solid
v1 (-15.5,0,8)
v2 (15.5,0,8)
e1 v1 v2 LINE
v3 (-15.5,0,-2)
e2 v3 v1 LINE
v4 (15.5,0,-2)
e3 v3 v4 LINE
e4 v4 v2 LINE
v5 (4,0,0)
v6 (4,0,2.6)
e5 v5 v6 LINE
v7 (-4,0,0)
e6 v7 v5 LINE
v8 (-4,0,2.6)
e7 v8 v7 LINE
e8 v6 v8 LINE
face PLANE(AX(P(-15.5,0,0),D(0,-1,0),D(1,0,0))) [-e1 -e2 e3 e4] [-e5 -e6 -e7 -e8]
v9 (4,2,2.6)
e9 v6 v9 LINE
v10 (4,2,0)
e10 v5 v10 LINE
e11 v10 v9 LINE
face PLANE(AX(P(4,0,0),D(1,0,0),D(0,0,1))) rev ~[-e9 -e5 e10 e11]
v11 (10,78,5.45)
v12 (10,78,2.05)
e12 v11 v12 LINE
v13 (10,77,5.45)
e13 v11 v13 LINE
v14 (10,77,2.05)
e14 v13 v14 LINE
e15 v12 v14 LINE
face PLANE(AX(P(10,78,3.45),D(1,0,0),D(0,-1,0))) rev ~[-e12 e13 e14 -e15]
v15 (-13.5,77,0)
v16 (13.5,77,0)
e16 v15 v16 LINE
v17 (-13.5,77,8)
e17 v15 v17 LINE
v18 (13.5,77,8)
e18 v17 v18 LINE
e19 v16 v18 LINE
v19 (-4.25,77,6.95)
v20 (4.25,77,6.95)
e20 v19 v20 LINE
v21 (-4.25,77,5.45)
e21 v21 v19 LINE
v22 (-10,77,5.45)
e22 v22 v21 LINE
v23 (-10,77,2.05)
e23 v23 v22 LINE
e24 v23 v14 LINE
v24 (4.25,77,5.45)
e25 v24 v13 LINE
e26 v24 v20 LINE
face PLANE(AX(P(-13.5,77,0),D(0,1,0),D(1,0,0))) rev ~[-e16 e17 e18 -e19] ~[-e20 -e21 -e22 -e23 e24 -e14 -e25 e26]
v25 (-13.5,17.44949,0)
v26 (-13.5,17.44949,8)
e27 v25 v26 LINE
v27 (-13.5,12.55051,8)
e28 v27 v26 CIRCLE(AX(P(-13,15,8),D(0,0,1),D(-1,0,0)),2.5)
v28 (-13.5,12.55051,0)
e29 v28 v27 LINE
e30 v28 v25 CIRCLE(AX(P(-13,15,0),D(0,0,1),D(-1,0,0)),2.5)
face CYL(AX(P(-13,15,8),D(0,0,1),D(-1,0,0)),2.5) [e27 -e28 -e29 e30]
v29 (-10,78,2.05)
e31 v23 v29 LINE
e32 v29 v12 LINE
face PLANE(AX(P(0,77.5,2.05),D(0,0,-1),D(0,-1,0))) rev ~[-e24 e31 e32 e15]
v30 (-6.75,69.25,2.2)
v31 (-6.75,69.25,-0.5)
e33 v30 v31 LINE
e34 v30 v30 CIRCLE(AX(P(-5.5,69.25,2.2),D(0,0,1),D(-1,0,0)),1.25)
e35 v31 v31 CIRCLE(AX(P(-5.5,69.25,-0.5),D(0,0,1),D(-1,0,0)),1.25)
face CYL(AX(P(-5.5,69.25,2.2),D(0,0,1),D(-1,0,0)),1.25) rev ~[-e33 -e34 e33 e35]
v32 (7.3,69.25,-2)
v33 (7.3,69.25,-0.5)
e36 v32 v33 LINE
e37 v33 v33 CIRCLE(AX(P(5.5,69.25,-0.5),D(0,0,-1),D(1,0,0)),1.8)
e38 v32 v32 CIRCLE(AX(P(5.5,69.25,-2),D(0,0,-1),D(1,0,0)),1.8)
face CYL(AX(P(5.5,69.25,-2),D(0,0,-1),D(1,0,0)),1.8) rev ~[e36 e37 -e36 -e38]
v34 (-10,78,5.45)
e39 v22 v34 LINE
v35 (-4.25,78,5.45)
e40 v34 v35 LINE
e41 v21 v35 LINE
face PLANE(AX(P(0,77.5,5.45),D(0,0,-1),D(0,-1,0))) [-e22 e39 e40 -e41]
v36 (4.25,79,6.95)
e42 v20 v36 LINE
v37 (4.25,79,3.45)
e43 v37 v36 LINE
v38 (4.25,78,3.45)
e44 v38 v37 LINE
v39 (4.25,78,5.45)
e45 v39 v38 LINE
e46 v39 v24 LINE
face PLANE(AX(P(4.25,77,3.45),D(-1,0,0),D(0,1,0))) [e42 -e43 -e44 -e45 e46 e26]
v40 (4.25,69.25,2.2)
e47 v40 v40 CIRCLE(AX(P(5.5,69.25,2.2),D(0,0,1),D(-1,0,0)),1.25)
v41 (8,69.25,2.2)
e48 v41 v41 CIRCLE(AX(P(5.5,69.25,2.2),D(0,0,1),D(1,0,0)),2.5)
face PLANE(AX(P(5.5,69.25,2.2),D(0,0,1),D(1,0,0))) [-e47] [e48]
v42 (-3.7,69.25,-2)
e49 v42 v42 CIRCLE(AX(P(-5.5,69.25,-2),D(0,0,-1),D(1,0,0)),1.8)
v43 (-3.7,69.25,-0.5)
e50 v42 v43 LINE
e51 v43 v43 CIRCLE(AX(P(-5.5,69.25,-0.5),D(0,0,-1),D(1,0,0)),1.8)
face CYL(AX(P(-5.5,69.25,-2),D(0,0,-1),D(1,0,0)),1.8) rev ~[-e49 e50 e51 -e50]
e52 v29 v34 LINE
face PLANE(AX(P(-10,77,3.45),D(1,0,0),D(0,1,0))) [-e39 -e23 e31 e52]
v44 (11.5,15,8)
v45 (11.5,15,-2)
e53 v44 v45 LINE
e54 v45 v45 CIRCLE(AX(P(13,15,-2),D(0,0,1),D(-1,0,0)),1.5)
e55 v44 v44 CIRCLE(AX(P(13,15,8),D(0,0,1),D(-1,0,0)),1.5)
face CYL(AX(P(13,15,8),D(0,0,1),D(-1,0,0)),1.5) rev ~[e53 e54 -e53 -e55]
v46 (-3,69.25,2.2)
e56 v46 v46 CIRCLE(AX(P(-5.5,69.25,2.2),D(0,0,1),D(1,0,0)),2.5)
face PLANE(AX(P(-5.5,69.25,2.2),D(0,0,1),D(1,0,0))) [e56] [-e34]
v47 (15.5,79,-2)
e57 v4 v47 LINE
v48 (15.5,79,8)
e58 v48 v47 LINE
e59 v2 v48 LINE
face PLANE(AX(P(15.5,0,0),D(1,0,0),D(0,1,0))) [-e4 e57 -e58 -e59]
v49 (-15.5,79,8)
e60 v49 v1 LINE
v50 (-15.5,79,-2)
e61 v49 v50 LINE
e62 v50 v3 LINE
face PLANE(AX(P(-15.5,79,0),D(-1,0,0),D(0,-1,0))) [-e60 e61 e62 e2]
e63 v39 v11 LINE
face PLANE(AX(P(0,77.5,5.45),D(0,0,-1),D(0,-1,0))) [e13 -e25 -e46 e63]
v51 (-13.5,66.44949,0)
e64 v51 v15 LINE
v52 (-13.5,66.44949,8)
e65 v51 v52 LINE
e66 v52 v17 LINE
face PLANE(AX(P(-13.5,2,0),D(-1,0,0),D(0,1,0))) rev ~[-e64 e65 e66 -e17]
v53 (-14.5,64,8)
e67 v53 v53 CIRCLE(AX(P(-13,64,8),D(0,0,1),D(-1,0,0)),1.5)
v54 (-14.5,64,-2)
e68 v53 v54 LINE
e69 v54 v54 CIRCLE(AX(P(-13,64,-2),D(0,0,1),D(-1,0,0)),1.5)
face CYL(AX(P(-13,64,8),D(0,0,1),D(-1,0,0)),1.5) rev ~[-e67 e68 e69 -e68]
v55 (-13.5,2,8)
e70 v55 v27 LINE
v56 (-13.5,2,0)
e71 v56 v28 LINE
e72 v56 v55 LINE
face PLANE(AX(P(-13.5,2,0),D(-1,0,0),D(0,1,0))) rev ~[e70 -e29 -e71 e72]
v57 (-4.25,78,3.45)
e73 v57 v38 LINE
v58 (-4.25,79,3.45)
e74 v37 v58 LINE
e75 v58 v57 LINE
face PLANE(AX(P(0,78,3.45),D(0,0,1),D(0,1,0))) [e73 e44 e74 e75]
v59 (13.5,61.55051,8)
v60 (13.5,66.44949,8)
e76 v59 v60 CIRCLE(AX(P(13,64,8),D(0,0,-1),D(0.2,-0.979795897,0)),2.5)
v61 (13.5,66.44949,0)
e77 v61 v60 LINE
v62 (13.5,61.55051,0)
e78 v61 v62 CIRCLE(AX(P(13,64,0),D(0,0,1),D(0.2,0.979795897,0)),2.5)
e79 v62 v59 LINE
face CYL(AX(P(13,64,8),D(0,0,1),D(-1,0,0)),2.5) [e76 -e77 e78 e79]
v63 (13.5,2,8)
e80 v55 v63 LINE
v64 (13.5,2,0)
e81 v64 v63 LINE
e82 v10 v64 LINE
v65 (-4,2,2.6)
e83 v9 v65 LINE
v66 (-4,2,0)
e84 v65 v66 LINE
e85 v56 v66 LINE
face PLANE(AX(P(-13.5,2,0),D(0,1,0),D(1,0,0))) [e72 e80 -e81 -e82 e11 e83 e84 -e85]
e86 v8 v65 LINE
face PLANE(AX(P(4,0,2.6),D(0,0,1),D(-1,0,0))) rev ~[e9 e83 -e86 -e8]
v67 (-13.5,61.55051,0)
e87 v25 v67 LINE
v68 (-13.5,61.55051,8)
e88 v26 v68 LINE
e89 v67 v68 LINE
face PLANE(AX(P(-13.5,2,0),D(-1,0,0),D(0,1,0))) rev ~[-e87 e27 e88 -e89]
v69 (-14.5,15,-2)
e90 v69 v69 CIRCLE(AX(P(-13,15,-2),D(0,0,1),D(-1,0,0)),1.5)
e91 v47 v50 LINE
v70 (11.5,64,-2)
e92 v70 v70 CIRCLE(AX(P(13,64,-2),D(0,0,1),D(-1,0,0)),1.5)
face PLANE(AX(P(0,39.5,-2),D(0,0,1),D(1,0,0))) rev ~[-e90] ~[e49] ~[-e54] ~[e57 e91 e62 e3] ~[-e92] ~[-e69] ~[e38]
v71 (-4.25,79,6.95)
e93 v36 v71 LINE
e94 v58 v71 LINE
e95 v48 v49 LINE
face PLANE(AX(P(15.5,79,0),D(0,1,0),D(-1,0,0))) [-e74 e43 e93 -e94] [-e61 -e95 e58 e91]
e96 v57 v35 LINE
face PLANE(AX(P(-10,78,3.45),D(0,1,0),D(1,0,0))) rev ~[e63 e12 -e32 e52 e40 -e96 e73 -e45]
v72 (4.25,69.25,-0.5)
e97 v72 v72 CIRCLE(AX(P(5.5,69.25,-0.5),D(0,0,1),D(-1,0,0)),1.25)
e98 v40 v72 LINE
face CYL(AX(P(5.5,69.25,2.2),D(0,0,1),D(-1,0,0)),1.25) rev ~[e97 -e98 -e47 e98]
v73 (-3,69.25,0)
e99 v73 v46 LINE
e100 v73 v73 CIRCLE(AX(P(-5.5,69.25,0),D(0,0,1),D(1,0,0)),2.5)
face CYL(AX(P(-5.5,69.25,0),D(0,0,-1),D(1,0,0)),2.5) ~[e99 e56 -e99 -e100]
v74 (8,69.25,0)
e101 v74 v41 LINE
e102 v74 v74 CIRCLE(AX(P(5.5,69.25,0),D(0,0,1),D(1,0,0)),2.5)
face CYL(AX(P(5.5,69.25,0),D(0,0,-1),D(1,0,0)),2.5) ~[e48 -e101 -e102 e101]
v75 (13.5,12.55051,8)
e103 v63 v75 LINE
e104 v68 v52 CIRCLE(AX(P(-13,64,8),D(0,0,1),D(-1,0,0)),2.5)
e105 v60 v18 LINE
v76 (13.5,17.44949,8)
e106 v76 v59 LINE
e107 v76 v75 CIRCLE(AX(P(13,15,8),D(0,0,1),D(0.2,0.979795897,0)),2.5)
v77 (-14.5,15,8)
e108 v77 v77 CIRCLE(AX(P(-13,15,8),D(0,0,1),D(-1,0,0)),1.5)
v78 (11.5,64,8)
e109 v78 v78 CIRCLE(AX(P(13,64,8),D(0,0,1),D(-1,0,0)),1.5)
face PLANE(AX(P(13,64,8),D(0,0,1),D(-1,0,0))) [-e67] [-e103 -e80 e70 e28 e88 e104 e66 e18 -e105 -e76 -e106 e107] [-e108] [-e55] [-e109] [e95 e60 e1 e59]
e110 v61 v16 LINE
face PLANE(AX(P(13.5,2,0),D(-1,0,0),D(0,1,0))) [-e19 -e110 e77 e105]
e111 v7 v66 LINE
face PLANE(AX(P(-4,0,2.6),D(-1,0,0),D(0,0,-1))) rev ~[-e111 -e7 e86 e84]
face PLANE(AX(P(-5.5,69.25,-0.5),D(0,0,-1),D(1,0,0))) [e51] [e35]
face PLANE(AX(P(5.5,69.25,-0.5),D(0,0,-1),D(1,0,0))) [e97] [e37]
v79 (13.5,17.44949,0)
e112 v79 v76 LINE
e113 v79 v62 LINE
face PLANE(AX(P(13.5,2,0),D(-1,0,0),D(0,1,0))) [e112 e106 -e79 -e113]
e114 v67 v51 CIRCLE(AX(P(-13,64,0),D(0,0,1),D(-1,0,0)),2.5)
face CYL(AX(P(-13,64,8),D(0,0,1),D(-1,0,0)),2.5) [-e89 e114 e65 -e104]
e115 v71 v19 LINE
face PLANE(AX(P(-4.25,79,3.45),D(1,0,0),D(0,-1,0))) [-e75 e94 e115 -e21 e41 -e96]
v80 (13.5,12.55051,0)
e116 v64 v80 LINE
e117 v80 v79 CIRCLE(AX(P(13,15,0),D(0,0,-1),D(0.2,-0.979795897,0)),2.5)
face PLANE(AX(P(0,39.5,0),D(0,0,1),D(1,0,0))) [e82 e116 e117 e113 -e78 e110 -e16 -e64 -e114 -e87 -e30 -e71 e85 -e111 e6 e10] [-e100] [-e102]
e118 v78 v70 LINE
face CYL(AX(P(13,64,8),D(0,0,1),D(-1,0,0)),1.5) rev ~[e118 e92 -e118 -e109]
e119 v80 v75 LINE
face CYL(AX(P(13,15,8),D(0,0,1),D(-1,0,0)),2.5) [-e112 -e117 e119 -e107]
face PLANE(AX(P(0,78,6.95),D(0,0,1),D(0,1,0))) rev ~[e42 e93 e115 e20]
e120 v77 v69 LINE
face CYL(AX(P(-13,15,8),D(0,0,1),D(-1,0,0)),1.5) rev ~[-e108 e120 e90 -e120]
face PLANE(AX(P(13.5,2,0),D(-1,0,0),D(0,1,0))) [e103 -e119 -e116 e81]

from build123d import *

# Parameters (mm, degrees)
SKETCH_W             = 27
SKETCH_H             = 75
PAD_DEPTH            = 8
PAD001_DEPTH         = 2
SKETCH004_R          = 2.5
PAD002_DEPTH         = 2.2
SKETCH005_R          = 1.25
POCKET_DEPTH         = 4.201
SKETCH006_R          = 1.8
POCKET001_DEPTH      = 1.5
POCKET002_DEPTH      = 3.5
SKETCH008_R          = 2.5
PAD003_DEPTH         = 10
SKETCH009_R          = 1.5
POCKET003_DEPTH      = 13
POCKET004_DEPTH      = 1.4
POCKET004_DEPTH_BACK = 2
POCKET005_DEPTH      = 2


with BuildPart() as part:
    # Sketch → Pad (new body)
    with BuildSketch(Plane.XY):
        Polygon((0, 0), (15.5, 0), (15.5, 39.5), (15.5, 79), (0, 79), (-15.5, 79), (-15.5, 39.5), (-15.5, 0), align=None)
        with Locations((0, 39.5)):
            Rectangle(SKETCH_W, SKETCH_H, mode=Mode.SUBTRACT)
    extrude(amount=PAD_DEPTH)

    # Sketch001 → Pad001 (join)
    with BuildSketch(Plane.XY):
        Polygon((-15.5, 79), (-15.5, 39.5), (-15.5, 0), (0, 0), (15.5, 0), (15.5, 39.5), (15.5, 79), (0, 79), align=None)
    extrude(amount=-PAD001_DEPTH)

    # Sketch004 → Pad002 (join)
    with BuildSketch(Plane.XY):
        with Locations((-5.5, 69.25)):
            Circle(SKETCH004_R)
        with Locations((5.5, 69.25)):
            Circle(SKETCH004_R)
    extrude(amount=PAD002_DEPTH)

    # Sketch005 (on DatumPlane) → Pocket (cut, through all)
    with BuildSketch(Plane(origin=(-3, 69.25, 2.2), x_dir=(-1, 0, 0), z_dir=(0, 0, 1))):
        with Locations((2.5, 0)):
            Circle(SKETCH005_R)
        with Locations((-8.5, 0)):
            Circle(SKETCH005_R)
    extrude(amount=-POCKET_DEPTH, mode=Mode.SUBTRACT)

    # Sketch006 (on DatumPlane) → Pocket001 (cut)
    with BuildSketch(Plane(origin=(0, 79, -2), x_dir=(1, 0, 0), z_dir=(0, 0, -1))):
        with Locations((-5.5, 9.75)):
            Circle(SKETCH006_R)
        with Locations((5.5, 9.75)):
            Circle(SKETCH006_R)
    extrude(amount=-POCKET001_DEPTH, mode=Mode.SUBTRACT)

    # Sketch007 (on DatumPlane) → Pocket002 (cut)
    with BuildSketch(Plane(origin=(0, 69.25, 3.45), x_dir=(0, 1, 0), z_dir=(0, 0, 1))):
        Polygon((9.75, 0), (9.75, 4.25), (7.75, 4.25), (7.75, -4.25), (9.75, -4.25), align=None)
    extrude(amount=POCKET002_DEPTH, mode=Mode.SUBTRACT)

    # Sketch008 (on DatumPlane) → Pad003 (join)
    with BuildSketch(Plane(origin=(0, 79, 8), x_dir=(-1, 0, 0), z_dir=(0, 0, 1))):
        with Locations((-13, 15)):
            Circle(SKETCH008_R)
        with Locations((13, 15)):
            Circle(SKETCH008_R)
        with Locations((-13, 64)):
            Circle(SKETCH008_R)
        with Locations((13, 64)):
            Circle(SKETCH008_R)
    extrude(amount=-PAD003_DEPTH)

    # Sketch009 (on DatumPlane) → Pocket003 (cut)
    with BuildSketch(Plane(origin=(0, 79, 8), x_dir=(-1, 0, 0), z_dir=(0, 0, 1))):
        with Locations((-13, 15)):
            Circle(SKETCH009_R)
        with Locations((13, 15)):
            Circle(SKETCH009_R)
        with Locations((-13, 64)):
            Circle(SKETCH009_R)
        with Locations((13, 64)):
            Circle(SKETCH009_R)
    extrude(amount=-POCKET003_DEPTH, mode=Mode.SUBTRACT)

    # Sketch010 (on DatumPlane) → Pocket004 (cut, two sides)
    with BuildSketch(Plane(origin=(0, 69.25, 3.45), x_dir=(0, 1, 0), z_dir=(0, 0, 1))) as pocket004_sk:
        Polygon((7.75, 0), (7.75, 10), (8.75, 10), (8.75, -10), (7.75, -10), align=None)
    extrude(amount=-POCKET004_DEPTH, mode=Mode.SUBTRACT)
    extrude(pocket004_sk.sketch, amount=POCKET004_DEPTH_BACK, mode=Mode.SUBTRACT)

    # Sketch011 (on DatumPlane) → Pocket005 (cut)
    with BuildSketch(Plane.XZ):
        Polygon((0, 0), (4, 0), (4, 2.6), (-4, 2.6), (-4, 0), align=None)
    extrude(amount=-POCKET005_DEPTH, mode=Mode.SUBTRACT)


solid = part.part
